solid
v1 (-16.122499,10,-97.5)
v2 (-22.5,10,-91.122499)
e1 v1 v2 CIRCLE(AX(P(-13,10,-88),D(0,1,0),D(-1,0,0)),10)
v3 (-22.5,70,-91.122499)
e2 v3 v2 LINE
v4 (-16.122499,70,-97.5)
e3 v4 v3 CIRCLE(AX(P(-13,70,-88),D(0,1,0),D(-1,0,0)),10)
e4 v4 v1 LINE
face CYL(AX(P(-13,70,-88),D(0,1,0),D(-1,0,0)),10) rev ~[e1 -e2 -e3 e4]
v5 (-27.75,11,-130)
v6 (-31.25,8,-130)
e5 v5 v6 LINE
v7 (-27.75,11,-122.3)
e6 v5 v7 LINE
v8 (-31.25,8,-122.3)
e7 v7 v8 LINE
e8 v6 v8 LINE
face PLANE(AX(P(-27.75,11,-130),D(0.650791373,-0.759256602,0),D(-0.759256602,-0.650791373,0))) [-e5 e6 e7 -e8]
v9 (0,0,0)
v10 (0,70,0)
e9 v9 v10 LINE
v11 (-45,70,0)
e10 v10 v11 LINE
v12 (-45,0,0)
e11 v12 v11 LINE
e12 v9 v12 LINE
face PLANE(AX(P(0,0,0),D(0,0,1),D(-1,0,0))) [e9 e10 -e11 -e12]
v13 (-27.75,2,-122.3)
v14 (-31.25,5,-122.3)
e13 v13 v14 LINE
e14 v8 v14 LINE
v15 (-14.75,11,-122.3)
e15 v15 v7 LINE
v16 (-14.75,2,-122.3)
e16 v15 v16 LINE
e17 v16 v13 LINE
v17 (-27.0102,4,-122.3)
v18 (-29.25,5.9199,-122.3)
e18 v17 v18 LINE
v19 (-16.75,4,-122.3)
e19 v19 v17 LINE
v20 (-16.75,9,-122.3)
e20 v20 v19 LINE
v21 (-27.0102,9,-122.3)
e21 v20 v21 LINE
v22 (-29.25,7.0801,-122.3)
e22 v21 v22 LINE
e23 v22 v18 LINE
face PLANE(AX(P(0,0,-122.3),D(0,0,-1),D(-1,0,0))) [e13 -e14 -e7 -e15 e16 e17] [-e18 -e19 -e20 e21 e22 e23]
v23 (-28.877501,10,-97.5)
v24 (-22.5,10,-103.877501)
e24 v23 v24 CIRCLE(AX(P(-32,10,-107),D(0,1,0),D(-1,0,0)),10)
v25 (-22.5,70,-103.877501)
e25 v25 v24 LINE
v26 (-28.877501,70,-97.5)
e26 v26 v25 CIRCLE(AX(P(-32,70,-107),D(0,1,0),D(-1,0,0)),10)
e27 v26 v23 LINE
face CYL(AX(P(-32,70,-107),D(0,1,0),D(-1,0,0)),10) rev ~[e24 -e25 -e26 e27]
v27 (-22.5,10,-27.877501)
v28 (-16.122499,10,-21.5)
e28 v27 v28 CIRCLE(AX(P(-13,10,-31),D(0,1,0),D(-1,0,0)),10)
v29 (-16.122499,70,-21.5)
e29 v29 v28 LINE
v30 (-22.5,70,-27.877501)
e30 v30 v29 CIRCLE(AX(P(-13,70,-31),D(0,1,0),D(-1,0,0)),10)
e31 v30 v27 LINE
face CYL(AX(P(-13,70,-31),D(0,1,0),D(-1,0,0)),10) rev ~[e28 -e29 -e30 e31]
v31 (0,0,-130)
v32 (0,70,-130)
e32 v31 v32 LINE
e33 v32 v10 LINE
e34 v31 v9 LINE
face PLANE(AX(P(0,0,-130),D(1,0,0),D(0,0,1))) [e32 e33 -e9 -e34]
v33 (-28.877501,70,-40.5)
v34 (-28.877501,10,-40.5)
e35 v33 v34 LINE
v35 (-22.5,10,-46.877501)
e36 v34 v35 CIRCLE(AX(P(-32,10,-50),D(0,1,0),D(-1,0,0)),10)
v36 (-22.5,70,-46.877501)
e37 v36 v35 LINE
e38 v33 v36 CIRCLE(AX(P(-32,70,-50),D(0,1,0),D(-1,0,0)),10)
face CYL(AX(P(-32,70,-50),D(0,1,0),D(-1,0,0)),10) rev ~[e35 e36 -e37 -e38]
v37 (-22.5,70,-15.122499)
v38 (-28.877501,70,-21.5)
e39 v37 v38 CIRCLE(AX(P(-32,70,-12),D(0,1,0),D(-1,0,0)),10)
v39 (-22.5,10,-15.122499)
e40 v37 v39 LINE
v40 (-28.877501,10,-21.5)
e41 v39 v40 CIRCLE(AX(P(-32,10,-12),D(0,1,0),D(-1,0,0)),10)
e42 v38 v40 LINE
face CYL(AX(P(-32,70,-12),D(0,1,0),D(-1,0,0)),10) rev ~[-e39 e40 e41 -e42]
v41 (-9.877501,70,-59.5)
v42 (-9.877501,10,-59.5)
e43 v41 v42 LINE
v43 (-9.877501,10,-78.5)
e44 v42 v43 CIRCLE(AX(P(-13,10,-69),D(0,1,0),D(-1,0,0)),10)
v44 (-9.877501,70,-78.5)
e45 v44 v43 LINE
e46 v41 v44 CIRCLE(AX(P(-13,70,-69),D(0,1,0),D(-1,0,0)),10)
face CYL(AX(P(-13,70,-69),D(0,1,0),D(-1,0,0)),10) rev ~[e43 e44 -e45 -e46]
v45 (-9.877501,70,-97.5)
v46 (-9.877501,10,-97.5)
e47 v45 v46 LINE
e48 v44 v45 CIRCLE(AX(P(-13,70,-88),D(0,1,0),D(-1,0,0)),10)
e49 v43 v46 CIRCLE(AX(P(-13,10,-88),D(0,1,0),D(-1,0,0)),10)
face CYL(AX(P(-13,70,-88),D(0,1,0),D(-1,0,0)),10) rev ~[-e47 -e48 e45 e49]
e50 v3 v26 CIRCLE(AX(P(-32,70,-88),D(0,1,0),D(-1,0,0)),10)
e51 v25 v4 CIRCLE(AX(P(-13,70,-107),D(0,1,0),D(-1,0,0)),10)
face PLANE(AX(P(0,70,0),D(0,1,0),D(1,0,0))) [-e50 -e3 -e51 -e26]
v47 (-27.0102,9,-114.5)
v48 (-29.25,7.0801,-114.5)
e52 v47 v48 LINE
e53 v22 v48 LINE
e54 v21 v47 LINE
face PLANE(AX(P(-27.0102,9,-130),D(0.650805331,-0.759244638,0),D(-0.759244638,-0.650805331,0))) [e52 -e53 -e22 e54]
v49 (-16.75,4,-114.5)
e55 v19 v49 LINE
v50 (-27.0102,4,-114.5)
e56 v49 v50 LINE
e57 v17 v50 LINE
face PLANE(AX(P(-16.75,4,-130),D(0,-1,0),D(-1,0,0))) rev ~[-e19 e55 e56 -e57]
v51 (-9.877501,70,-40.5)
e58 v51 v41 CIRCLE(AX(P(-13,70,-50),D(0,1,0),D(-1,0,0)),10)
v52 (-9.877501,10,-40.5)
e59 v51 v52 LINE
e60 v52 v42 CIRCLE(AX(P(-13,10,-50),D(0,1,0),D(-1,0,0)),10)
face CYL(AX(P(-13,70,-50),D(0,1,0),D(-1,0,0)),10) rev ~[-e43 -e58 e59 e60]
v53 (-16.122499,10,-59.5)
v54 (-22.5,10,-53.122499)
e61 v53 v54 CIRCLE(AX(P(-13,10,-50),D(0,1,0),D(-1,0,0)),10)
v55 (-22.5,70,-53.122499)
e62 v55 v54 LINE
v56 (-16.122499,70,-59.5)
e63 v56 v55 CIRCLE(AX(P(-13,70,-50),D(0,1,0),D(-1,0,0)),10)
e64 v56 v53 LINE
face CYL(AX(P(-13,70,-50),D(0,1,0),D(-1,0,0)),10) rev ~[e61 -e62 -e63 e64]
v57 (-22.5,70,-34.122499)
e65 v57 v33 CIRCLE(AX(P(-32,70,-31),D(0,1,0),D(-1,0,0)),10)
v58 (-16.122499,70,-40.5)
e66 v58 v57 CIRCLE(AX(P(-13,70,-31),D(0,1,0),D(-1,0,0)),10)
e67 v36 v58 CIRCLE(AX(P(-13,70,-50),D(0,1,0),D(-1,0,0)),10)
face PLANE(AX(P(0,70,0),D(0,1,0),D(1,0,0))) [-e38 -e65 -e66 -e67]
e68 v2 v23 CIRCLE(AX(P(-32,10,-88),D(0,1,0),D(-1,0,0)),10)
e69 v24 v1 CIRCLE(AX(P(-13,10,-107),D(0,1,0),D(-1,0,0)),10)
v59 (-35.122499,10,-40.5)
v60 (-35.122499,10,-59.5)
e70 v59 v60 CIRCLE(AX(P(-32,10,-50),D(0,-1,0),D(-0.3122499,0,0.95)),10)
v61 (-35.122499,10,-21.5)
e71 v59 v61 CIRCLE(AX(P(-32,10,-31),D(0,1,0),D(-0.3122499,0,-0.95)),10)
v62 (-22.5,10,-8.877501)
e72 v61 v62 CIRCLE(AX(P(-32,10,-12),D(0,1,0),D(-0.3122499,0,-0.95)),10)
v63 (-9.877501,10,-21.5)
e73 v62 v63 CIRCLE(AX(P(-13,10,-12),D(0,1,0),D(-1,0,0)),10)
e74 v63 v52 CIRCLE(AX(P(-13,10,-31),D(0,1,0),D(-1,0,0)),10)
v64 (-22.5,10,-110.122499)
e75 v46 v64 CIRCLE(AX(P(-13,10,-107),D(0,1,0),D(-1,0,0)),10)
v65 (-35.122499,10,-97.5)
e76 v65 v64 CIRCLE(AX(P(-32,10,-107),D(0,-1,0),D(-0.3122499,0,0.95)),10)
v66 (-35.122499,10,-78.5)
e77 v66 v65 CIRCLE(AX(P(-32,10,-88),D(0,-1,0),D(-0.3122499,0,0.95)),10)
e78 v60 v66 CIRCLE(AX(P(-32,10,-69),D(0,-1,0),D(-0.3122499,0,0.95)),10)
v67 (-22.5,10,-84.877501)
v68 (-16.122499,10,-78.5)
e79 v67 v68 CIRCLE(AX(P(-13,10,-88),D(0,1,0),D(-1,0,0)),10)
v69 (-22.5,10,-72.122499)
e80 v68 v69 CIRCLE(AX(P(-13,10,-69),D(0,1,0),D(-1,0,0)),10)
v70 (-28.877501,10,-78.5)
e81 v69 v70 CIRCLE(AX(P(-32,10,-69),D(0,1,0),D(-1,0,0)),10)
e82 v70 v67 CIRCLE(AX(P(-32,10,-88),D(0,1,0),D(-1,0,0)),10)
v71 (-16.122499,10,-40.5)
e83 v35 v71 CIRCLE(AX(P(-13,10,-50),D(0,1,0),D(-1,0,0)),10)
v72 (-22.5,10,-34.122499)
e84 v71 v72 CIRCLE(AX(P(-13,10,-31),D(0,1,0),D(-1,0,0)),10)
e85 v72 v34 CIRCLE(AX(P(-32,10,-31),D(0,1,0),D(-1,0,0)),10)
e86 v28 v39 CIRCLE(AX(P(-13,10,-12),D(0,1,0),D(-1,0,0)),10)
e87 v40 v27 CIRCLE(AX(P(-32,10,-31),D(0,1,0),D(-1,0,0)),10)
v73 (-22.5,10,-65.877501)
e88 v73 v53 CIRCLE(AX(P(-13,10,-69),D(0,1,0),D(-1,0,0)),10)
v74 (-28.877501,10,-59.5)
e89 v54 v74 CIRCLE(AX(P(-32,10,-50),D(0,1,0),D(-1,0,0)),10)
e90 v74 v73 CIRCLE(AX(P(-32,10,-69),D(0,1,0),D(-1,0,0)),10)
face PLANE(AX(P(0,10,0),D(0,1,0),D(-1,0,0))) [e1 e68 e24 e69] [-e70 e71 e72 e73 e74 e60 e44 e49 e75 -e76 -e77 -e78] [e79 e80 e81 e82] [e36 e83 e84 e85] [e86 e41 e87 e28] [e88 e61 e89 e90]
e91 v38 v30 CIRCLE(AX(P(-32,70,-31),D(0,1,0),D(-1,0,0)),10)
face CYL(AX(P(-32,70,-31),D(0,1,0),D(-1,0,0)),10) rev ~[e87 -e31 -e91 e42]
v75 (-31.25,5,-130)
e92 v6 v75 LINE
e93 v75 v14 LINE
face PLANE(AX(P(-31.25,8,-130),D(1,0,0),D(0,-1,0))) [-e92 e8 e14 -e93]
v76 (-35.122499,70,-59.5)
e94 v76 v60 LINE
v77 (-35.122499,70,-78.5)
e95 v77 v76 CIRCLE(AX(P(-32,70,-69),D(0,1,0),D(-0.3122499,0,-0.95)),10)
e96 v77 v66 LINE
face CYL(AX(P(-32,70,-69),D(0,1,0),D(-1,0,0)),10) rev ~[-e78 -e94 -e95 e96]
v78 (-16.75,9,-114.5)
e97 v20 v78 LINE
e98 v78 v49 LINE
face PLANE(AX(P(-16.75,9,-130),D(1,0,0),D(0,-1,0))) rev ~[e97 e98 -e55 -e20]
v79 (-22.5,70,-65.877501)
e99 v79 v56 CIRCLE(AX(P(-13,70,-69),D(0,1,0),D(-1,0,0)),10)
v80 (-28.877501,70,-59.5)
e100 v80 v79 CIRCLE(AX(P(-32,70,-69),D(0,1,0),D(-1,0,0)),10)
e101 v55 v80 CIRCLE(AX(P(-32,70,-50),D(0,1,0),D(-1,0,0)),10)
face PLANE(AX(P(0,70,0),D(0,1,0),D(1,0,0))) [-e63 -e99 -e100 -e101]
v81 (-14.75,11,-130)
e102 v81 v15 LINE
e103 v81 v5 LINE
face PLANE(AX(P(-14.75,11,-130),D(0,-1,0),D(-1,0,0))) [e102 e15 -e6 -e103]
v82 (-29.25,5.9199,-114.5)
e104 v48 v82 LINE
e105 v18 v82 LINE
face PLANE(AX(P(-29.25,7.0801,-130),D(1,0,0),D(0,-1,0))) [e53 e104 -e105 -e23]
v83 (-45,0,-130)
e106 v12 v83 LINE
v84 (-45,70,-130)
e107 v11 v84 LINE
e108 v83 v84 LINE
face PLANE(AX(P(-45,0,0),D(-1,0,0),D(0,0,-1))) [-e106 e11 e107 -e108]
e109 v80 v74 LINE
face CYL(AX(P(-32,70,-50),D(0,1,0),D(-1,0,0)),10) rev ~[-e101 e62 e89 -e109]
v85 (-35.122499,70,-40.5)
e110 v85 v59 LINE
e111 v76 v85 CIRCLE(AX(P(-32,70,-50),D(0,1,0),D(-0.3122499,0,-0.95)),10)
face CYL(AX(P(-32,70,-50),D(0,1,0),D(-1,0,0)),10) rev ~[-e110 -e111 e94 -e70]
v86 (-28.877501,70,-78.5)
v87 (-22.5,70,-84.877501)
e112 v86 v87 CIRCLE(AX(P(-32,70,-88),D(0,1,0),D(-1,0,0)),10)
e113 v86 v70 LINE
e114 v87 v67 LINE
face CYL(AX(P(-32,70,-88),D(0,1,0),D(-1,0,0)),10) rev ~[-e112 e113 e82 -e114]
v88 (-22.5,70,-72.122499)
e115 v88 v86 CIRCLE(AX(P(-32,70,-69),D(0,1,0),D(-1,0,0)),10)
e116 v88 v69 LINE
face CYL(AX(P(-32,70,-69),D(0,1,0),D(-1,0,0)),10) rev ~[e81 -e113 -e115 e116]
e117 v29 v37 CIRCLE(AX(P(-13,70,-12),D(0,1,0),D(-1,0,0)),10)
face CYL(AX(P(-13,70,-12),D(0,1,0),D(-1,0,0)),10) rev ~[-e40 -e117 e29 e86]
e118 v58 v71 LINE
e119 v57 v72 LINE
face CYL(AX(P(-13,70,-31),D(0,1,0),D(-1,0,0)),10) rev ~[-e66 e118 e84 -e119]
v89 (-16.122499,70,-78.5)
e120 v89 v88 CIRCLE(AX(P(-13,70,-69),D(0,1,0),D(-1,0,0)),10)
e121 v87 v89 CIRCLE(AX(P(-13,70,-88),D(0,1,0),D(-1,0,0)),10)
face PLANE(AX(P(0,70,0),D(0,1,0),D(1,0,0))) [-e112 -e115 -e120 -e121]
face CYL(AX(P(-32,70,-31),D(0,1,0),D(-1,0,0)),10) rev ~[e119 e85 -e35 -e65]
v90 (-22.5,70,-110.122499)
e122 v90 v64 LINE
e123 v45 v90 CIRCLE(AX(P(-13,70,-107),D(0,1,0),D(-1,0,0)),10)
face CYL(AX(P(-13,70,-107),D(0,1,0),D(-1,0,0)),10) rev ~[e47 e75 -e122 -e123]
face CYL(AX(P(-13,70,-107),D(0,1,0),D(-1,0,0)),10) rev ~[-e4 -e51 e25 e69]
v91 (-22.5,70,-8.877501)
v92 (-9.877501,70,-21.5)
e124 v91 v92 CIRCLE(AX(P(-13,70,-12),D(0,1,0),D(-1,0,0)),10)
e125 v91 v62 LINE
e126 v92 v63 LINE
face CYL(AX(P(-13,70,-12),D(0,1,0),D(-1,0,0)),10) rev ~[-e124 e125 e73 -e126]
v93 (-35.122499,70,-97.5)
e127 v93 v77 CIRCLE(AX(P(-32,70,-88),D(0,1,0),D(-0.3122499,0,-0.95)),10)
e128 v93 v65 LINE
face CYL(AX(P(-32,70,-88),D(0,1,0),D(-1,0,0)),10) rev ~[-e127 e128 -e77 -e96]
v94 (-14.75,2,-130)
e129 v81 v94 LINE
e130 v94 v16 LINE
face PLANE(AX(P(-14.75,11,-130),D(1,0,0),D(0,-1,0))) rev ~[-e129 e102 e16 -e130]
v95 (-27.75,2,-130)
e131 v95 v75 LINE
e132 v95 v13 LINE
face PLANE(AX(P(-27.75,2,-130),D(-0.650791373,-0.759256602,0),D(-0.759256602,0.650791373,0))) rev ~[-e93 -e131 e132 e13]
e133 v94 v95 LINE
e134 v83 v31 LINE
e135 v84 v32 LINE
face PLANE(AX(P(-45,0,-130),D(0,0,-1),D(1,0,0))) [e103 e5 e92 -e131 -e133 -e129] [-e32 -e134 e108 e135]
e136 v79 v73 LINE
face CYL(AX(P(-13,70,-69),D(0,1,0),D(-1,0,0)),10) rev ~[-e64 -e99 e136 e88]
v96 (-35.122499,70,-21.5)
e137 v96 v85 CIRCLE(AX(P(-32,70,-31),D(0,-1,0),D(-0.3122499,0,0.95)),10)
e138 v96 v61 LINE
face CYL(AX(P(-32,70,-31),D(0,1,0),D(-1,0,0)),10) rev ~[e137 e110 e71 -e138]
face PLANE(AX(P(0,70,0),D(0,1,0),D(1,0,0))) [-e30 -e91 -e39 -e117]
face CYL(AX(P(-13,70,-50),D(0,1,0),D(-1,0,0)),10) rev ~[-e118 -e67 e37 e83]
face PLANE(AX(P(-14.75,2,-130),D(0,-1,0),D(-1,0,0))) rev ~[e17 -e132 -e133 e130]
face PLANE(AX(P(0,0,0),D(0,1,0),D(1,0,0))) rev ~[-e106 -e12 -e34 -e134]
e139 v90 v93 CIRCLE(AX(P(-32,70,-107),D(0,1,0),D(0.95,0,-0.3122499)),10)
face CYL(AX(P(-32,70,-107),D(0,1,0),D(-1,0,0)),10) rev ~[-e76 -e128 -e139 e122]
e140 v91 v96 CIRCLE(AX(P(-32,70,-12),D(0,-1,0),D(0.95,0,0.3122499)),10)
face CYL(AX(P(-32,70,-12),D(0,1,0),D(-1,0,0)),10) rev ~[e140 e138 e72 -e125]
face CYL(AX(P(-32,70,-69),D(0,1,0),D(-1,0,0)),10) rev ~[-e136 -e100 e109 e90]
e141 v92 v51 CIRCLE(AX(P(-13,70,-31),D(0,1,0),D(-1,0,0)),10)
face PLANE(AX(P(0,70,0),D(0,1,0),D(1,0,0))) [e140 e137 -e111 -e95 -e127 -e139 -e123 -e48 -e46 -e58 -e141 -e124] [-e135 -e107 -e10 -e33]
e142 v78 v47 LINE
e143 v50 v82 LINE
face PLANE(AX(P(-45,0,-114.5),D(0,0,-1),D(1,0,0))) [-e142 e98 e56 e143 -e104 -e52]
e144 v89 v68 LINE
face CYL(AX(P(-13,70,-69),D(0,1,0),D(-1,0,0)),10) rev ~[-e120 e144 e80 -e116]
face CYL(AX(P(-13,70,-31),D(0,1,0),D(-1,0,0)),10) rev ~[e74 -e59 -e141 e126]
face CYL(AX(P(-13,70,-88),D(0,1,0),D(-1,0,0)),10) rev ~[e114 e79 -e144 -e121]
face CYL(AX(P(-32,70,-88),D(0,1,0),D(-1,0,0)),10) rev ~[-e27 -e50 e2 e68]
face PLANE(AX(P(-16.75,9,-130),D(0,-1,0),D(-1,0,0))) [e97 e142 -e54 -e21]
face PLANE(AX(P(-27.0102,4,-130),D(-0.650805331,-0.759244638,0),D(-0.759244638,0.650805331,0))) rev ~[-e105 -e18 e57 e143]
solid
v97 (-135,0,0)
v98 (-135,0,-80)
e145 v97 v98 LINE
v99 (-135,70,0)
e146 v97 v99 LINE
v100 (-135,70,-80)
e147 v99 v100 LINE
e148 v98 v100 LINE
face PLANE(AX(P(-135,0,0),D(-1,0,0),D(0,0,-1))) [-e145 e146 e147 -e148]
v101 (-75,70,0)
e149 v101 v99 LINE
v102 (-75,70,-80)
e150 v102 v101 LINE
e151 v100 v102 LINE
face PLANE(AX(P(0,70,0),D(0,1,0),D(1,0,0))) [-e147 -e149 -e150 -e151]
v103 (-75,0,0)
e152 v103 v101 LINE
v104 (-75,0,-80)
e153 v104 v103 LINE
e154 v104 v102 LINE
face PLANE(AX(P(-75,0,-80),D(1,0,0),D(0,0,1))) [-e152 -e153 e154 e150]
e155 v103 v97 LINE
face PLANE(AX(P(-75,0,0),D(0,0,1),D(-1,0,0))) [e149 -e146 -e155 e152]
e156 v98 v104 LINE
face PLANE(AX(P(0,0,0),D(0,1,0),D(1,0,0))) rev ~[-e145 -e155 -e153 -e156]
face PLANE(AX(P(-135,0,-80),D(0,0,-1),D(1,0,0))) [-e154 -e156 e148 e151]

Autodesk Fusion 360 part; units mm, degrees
sketch "Esboço1" plane through (0, 0, 0) normal (0, 1, 0) x (1, 0, 0)
  line L0 (0, 0) -> (-45, 0)
  line L1 (-45, 0) -> (-45, 130)
  line L2 (-45, 130) -> (0, 130)
  line L3 (0, 130) -> (0, 0)
  line L4 (-75, 0) -> (-135, 0)
  line L5 (-135, 0) -> (-135, 80)
  line L6 (-135, 80) -> (-75, 80)
  line L7 (-75, 80) -> (-75, 0)
  dimension "d1" = 45
  dimension "d2" = 130
  dimension "d3" = 60
  dimension "d4" = 80
extrude "Extrusão1" add sketch "Esboço1" along normal blind 70 makes body 1 at (-135, 23.3333, -26.6667) makes body 2 at (-45, 46.6667, -43.3333)
sketch "Esboço2" plane through (0, 70, 0) normal (0, 1, 0) x (-1, 0, 0)
  line L0 (0, -130) -> (45, -130)
  line L1 (45, -130) -> (45, 0)
  line L2 (45, 0) -> (0, 0)
  line L3 (0, 0) -> (0, -130)
  circle A0 centre (32, -12) radius 10
  circle A1 centre (13, -12) radius 10
  circle A2 centre (13, -31) radius 10
  circle A3 centre (32, -31) radius 10
  circle A4 centre (13, -50) radius 10
  circle A5 centre (32, -50) radius 10
  circle A6 centre (13, -69) radius 10
  circle A7 centre (32, -69) radius 10
  circle A8 centre (13, -88) radius 10
  circle A9 centre (32, -88) radius 10
  circle A10 centre (13, -107) radius 10
  circle A11 centre (32, -107) radius 10
  point P0 (32, -12)
  dimension "d7" = 20
  dimension "d8" = 20
  dimension "d9" = 20
  dimension "d10" = 20
  dimension "d11" = 20
  dimension "d12" = 20
  dimension "d13" = 20
  dimension "d14" = 20
  dimension "d15" = 20
  dimension "d16" = 20
  dimension "d17" = 20
  dimension "d18" = 20
  dimension "d21" = 13
  dimension "d22" = 13
  dimension "d23" = 19
extrude "Extrusão2" cut sketch "Esboço2" against normal blind 60 contours A0 A1 A3 | A0 A1 | A0 A1 A2 | A0 A2 A3 A5 | A0 A3 | A1 A2 | A1 A2 A3 A4 | A2 A4 | A2 A4 A5 A6 | A2 A3 | A3 A4 A5 A7 | A3 A5 | A4 A6 | A4 A6 A7 A8 | A4 A5 | A6 A8 | A6 A8 A9 A10 | A5 A6 A7 A9 | A5 A7 | A6 A7 | A8 A10 | A8 A10 A11 | A7 A8 A9 A11 | A8 A9 | A10 A11 | A9 A10 A11 | A7 A9 | A9 A11 bodies 2
sketch "Esboço4" plane through (0, 0, -130) normal (0, 0, -1) x (-1, 0, 0)
  line L0 (0, 0) -> (45, 0)
  line L1 (45, 0) -> (45, 70)
  line L2 (45, 70) -> (0, 70)
  line L3 (0, 70) -> (0, 0)
  line L4 (14.75, 11) -> (27.75, 11)
  line L5 (27.75, 11) -> (31.25, 8)
  line L6 (14.75, 11) -> (14.75, 2)
  line L7 (14.75, 11) -> (14.75, 2)
  line L8 (27.75, 11) -> (31.25, 8)
  line L9 (27.75, 2) -> (31.25, 5)
  line L10 (27.75, 2) -> (31.25, 5)
  line L11 (14.75, 11) -> (27.75, 11)
  line L12 (31.25, 8) -> (31.25, 5)
  line L13 (14.75, 2) -> (27.75, 2)
  line L14 (31.25, 8) -> (31.25, 5)
  line L15 (14.75, 2) -> (27.75, 2)
  line L16 (27.0102, 4) -> (29.25, 5.9199)
  line L17 (29.25, 7.0801) -> (29.25, 5.9199)
  line L18 (27.0102, 9) -> (29.25, 7.0801)
  line L19 (16.75, 9) -> (27.0102, 9)
  line L20 (16.75, 9) -> (16.75, 4)
  line L21 (16.75, 4) -> (27.0102, 4)
  dimension "d25" = 9
  dimension "d26" = 16.5
  dimension "d27" = 13
  dimension "d28" = 13
  dimension "d29" = 3
  dimension "d30" = 9
  dimension "d31" = 2
extrude "Extrusão3" cut sketch "Esboço4" against normal blind 7.7 contours L4 L5 L6 L7 L8 L9 L10 L11 L12 L13 L14 L15 bodies 2
extrude "Extrusão4" cut 1 faces at (-20.1701, 7.3333, -130) along direction (0, 0, 1) blind 15.5 on bodies 2 bodies 2
sketch "Esboço5" plane through (0, 0, -114.5) normal (0, 0, -1) x (-1, 0, 0)
  line L0 (27.0102, 9) -> (16.75, 9)
  line L1 (16.75, 9) -> (16.75, 4)
  line L2 (16.75, 4) -> (27.0102, 4)
  line L3 (27.0102, 4) -> (29.25, 5.9199)
  line L4 (29.25, 5.9199) -> (29.25, 7.0801)
  line L5 (29.25, 7.0801) -> (27.0102, 9)
  circle A0 centre (19.3225, 6.5) radius 2.5063
  circle A1 centre (25.7906, 6.5) radius 2.5022
